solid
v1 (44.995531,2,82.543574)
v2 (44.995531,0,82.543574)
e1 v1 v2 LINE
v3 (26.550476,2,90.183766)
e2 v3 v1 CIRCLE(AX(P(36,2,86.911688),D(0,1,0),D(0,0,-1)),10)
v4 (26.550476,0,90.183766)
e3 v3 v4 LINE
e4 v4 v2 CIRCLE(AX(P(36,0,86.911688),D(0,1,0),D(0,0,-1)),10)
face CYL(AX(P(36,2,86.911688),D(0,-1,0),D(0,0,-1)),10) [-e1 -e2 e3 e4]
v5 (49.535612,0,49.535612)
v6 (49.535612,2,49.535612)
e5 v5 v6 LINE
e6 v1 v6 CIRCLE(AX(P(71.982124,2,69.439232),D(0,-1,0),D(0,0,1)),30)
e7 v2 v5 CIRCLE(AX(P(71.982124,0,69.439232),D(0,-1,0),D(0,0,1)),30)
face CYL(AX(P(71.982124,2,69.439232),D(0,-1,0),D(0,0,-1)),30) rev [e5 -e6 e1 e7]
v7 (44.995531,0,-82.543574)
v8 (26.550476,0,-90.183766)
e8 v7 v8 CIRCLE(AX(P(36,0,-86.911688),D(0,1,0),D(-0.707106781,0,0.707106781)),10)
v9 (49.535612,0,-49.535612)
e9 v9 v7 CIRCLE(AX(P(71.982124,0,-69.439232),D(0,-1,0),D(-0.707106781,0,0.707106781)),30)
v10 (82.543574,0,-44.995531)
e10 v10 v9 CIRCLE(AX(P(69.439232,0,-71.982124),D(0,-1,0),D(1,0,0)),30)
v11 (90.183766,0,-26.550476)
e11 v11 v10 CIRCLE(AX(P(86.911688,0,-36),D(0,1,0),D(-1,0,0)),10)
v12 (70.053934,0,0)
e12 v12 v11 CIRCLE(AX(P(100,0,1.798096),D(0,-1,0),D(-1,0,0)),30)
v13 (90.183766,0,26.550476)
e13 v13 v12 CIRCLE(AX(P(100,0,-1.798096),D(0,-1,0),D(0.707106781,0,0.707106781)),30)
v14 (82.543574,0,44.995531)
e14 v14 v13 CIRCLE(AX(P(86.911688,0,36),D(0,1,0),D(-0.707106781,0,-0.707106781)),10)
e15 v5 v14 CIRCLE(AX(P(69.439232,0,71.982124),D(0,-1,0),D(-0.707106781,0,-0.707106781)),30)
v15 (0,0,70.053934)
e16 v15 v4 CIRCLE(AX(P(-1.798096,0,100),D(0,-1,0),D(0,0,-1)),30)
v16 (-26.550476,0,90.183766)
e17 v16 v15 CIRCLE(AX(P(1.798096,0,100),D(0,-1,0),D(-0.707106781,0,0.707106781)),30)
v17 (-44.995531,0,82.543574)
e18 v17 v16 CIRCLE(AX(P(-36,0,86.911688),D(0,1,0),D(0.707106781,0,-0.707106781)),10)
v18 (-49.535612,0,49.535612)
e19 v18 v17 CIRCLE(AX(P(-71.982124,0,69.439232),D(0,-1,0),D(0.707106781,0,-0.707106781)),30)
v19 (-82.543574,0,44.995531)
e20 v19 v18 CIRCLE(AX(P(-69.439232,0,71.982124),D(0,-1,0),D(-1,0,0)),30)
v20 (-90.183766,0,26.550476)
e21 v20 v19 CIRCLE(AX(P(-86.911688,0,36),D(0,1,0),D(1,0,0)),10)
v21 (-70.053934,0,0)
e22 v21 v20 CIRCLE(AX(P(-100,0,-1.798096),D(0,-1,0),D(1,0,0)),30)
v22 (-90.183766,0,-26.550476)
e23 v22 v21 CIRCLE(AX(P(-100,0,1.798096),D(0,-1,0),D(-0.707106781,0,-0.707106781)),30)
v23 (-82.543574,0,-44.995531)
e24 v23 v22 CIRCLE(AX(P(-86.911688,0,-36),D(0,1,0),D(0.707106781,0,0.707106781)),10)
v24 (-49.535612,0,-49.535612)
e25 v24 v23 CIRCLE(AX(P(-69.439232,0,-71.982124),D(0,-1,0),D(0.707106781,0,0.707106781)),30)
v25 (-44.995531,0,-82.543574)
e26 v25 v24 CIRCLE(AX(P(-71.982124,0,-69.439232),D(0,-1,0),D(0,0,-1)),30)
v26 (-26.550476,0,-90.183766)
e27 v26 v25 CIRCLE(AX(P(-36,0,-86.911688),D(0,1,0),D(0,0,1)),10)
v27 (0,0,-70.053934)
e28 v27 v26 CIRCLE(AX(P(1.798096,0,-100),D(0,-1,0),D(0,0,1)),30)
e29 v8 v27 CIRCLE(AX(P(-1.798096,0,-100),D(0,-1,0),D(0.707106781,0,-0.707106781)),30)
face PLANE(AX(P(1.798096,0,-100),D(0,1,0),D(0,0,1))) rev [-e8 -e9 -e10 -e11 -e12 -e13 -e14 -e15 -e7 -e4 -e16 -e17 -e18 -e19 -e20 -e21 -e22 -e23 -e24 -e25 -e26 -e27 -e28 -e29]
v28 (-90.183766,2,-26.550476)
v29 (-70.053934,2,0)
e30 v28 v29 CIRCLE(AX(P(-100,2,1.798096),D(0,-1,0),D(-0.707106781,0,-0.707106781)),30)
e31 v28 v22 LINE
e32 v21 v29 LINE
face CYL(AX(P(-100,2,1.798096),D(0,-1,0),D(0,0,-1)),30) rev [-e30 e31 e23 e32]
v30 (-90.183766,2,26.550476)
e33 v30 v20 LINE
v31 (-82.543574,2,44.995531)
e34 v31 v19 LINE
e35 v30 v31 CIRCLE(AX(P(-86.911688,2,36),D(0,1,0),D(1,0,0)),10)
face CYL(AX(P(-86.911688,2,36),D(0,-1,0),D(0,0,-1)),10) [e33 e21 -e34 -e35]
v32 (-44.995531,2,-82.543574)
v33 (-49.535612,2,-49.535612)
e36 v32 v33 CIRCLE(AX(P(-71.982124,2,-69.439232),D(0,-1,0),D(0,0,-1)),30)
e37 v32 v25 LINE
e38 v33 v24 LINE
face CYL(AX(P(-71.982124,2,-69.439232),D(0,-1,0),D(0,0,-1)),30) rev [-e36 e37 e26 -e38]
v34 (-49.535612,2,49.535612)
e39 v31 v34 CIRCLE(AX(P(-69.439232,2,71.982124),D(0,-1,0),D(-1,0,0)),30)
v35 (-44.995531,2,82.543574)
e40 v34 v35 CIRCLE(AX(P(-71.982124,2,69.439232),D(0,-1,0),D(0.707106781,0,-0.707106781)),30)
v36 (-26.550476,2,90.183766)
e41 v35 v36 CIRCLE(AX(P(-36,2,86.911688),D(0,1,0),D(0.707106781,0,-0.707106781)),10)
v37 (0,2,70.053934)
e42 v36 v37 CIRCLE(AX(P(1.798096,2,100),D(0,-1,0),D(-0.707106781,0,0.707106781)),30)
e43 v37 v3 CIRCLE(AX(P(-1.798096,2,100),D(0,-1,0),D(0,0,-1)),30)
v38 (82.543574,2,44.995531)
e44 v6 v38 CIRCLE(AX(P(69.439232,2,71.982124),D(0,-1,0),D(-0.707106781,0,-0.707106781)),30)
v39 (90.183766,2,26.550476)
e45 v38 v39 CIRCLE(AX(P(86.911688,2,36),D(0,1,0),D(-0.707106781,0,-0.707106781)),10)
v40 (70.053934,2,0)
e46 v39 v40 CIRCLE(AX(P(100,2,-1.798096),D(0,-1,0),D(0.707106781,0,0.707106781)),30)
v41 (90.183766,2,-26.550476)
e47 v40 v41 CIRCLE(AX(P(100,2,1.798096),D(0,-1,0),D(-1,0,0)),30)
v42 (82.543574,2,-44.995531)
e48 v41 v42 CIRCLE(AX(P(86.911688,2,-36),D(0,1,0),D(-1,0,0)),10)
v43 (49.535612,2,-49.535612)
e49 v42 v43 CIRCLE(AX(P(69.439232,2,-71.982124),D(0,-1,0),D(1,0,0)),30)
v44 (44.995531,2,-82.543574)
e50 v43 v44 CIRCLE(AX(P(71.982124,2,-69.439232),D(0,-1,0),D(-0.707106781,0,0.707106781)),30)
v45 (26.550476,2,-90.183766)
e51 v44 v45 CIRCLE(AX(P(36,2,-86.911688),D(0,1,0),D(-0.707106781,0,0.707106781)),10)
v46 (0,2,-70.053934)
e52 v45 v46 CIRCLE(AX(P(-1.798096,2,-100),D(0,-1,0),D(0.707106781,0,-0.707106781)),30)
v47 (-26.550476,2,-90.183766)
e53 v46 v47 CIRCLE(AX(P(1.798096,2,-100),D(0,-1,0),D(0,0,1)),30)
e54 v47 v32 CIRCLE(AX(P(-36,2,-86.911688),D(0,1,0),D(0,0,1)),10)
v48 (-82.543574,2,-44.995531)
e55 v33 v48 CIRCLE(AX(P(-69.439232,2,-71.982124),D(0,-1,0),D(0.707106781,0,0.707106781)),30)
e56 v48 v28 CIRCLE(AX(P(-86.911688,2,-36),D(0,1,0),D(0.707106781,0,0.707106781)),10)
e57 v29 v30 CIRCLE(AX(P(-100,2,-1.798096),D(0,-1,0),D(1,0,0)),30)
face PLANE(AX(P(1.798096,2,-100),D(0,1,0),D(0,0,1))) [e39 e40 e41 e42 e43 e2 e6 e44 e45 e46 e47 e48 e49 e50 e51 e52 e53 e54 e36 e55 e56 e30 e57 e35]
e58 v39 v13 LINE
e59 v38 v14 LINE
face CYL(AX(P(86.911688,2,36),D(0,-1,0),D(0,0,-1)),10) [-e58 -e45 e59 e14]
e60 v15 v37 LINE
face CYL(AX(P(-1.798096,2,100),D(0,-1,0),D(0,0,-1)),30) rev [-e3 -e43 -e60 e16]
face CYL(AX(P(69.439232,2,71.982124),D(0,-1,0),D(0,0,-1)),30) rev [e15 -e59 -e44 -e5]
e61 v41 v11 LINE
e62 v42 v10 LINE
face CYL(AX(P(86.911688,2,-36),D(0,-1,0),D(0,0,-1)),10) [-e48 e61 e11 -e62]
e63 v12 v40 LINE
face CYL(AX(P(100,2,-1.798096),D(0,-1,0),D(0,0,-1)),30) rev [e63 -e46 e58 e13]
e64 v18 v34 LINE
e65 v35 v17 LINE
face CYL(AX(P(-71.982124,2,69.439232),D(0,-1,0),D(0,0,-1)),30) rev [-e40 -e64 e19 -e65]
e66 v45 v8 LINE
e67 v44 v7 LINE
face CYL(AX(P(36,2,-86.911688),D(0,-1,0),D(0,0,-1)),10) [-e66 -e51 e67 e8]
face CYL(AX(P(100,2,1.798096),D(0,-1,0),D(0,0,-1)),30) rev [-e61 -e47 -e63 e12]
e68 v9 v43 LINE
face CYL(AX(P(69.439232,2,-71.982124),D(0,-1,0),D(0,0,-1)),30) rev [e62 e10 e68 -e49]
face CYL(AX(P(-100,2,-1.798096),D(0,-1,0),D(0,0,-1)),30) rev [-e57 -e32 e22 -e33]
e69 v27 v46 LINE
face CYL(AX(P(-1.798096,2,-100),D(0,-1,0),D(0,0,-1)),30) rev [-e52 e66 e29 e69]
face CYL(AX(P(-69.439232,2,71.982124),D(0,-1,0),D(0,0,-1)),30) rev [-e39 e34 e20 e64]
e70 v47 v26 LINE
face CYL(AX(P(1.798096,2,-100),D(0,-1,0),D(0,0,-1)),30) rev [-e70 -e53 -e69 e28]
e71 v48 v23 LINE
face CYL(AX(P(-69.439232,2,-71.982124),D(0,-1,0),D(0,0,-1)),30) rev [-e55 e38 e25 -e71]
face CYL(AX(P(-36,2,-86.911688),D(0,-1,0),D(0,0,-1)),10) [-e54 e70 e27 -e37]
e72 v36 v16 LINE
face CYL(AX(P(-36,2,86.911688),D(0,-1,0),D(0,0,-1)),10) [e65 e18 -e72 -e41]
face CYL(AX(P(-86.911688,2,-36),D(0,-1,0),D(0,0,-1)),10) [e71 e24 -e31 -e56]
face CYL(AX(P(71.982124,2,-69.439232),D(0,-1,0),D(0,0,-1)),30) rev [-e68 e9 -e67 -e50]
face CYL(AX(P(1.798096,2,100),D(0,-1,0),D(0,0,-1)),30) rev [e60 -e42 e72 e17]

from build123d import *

# Parameters (mm, degrees)
BOSS_EXTRUDE1_DEPTH = 2
CIRPATTERN1_COUNT   = 8


with BuildPart() as part:
    # Sketch1 → Boss-Extrude1 (new body)
    with BuildSketch(Plane(origin=(0, 0, 0), x_dir=(1, 0, 0), z_dir=(0, 1, 0))):
        with BuildLine():
            Line((28.994949366, -70), (70, -28.994949366))
            Line((70, -28.994949366), (70, 28.994949366))
            Line((70, 28.994949366), (28.994949366, 70))
            Line((28.994949366, 70), (1.798096452, 70))
            ThreePointArc((1.798096452, 70), (-15.601802765, 75.561434018), (-26.550475887, 90.183766184))
            ThreePointArc((-26.550475887, 90.183766184), (-39.826834324, 96.150483571), (-44.995531078, 82.543574165))
            ThreePointArc((-44.995531078, 82.543574165), (-42.397861857, 64.462142924), (-50.768920878, 48.226028488))
            Line((-50.768920878, 48.226028488), (-70, 28.994949366))
            Line((-70, 28.994949366), (-70, -28.994949366))
            Line((-70, -28.994949366), (-28.994949366, -70))
            Line((-28.994949366, -70), (28.994949366, -70))
        make_face()
    boss_extrude1 = extrude(amount=BOSS_EXTRUDE1_DEPTH)

    # CirPattern1: Boss-Extrude1 ×8 about axis
    cirpattern1_axis = Axis((0, 2.1, 0), (0, -1, 0))
    for i in range(1, CIRPATTERN1_COUNT):
        add(boss_extrude1.rotate(cirpattern1_axis, i * 360 / CIRPATTERN1_COUNT))


solid = part.part
